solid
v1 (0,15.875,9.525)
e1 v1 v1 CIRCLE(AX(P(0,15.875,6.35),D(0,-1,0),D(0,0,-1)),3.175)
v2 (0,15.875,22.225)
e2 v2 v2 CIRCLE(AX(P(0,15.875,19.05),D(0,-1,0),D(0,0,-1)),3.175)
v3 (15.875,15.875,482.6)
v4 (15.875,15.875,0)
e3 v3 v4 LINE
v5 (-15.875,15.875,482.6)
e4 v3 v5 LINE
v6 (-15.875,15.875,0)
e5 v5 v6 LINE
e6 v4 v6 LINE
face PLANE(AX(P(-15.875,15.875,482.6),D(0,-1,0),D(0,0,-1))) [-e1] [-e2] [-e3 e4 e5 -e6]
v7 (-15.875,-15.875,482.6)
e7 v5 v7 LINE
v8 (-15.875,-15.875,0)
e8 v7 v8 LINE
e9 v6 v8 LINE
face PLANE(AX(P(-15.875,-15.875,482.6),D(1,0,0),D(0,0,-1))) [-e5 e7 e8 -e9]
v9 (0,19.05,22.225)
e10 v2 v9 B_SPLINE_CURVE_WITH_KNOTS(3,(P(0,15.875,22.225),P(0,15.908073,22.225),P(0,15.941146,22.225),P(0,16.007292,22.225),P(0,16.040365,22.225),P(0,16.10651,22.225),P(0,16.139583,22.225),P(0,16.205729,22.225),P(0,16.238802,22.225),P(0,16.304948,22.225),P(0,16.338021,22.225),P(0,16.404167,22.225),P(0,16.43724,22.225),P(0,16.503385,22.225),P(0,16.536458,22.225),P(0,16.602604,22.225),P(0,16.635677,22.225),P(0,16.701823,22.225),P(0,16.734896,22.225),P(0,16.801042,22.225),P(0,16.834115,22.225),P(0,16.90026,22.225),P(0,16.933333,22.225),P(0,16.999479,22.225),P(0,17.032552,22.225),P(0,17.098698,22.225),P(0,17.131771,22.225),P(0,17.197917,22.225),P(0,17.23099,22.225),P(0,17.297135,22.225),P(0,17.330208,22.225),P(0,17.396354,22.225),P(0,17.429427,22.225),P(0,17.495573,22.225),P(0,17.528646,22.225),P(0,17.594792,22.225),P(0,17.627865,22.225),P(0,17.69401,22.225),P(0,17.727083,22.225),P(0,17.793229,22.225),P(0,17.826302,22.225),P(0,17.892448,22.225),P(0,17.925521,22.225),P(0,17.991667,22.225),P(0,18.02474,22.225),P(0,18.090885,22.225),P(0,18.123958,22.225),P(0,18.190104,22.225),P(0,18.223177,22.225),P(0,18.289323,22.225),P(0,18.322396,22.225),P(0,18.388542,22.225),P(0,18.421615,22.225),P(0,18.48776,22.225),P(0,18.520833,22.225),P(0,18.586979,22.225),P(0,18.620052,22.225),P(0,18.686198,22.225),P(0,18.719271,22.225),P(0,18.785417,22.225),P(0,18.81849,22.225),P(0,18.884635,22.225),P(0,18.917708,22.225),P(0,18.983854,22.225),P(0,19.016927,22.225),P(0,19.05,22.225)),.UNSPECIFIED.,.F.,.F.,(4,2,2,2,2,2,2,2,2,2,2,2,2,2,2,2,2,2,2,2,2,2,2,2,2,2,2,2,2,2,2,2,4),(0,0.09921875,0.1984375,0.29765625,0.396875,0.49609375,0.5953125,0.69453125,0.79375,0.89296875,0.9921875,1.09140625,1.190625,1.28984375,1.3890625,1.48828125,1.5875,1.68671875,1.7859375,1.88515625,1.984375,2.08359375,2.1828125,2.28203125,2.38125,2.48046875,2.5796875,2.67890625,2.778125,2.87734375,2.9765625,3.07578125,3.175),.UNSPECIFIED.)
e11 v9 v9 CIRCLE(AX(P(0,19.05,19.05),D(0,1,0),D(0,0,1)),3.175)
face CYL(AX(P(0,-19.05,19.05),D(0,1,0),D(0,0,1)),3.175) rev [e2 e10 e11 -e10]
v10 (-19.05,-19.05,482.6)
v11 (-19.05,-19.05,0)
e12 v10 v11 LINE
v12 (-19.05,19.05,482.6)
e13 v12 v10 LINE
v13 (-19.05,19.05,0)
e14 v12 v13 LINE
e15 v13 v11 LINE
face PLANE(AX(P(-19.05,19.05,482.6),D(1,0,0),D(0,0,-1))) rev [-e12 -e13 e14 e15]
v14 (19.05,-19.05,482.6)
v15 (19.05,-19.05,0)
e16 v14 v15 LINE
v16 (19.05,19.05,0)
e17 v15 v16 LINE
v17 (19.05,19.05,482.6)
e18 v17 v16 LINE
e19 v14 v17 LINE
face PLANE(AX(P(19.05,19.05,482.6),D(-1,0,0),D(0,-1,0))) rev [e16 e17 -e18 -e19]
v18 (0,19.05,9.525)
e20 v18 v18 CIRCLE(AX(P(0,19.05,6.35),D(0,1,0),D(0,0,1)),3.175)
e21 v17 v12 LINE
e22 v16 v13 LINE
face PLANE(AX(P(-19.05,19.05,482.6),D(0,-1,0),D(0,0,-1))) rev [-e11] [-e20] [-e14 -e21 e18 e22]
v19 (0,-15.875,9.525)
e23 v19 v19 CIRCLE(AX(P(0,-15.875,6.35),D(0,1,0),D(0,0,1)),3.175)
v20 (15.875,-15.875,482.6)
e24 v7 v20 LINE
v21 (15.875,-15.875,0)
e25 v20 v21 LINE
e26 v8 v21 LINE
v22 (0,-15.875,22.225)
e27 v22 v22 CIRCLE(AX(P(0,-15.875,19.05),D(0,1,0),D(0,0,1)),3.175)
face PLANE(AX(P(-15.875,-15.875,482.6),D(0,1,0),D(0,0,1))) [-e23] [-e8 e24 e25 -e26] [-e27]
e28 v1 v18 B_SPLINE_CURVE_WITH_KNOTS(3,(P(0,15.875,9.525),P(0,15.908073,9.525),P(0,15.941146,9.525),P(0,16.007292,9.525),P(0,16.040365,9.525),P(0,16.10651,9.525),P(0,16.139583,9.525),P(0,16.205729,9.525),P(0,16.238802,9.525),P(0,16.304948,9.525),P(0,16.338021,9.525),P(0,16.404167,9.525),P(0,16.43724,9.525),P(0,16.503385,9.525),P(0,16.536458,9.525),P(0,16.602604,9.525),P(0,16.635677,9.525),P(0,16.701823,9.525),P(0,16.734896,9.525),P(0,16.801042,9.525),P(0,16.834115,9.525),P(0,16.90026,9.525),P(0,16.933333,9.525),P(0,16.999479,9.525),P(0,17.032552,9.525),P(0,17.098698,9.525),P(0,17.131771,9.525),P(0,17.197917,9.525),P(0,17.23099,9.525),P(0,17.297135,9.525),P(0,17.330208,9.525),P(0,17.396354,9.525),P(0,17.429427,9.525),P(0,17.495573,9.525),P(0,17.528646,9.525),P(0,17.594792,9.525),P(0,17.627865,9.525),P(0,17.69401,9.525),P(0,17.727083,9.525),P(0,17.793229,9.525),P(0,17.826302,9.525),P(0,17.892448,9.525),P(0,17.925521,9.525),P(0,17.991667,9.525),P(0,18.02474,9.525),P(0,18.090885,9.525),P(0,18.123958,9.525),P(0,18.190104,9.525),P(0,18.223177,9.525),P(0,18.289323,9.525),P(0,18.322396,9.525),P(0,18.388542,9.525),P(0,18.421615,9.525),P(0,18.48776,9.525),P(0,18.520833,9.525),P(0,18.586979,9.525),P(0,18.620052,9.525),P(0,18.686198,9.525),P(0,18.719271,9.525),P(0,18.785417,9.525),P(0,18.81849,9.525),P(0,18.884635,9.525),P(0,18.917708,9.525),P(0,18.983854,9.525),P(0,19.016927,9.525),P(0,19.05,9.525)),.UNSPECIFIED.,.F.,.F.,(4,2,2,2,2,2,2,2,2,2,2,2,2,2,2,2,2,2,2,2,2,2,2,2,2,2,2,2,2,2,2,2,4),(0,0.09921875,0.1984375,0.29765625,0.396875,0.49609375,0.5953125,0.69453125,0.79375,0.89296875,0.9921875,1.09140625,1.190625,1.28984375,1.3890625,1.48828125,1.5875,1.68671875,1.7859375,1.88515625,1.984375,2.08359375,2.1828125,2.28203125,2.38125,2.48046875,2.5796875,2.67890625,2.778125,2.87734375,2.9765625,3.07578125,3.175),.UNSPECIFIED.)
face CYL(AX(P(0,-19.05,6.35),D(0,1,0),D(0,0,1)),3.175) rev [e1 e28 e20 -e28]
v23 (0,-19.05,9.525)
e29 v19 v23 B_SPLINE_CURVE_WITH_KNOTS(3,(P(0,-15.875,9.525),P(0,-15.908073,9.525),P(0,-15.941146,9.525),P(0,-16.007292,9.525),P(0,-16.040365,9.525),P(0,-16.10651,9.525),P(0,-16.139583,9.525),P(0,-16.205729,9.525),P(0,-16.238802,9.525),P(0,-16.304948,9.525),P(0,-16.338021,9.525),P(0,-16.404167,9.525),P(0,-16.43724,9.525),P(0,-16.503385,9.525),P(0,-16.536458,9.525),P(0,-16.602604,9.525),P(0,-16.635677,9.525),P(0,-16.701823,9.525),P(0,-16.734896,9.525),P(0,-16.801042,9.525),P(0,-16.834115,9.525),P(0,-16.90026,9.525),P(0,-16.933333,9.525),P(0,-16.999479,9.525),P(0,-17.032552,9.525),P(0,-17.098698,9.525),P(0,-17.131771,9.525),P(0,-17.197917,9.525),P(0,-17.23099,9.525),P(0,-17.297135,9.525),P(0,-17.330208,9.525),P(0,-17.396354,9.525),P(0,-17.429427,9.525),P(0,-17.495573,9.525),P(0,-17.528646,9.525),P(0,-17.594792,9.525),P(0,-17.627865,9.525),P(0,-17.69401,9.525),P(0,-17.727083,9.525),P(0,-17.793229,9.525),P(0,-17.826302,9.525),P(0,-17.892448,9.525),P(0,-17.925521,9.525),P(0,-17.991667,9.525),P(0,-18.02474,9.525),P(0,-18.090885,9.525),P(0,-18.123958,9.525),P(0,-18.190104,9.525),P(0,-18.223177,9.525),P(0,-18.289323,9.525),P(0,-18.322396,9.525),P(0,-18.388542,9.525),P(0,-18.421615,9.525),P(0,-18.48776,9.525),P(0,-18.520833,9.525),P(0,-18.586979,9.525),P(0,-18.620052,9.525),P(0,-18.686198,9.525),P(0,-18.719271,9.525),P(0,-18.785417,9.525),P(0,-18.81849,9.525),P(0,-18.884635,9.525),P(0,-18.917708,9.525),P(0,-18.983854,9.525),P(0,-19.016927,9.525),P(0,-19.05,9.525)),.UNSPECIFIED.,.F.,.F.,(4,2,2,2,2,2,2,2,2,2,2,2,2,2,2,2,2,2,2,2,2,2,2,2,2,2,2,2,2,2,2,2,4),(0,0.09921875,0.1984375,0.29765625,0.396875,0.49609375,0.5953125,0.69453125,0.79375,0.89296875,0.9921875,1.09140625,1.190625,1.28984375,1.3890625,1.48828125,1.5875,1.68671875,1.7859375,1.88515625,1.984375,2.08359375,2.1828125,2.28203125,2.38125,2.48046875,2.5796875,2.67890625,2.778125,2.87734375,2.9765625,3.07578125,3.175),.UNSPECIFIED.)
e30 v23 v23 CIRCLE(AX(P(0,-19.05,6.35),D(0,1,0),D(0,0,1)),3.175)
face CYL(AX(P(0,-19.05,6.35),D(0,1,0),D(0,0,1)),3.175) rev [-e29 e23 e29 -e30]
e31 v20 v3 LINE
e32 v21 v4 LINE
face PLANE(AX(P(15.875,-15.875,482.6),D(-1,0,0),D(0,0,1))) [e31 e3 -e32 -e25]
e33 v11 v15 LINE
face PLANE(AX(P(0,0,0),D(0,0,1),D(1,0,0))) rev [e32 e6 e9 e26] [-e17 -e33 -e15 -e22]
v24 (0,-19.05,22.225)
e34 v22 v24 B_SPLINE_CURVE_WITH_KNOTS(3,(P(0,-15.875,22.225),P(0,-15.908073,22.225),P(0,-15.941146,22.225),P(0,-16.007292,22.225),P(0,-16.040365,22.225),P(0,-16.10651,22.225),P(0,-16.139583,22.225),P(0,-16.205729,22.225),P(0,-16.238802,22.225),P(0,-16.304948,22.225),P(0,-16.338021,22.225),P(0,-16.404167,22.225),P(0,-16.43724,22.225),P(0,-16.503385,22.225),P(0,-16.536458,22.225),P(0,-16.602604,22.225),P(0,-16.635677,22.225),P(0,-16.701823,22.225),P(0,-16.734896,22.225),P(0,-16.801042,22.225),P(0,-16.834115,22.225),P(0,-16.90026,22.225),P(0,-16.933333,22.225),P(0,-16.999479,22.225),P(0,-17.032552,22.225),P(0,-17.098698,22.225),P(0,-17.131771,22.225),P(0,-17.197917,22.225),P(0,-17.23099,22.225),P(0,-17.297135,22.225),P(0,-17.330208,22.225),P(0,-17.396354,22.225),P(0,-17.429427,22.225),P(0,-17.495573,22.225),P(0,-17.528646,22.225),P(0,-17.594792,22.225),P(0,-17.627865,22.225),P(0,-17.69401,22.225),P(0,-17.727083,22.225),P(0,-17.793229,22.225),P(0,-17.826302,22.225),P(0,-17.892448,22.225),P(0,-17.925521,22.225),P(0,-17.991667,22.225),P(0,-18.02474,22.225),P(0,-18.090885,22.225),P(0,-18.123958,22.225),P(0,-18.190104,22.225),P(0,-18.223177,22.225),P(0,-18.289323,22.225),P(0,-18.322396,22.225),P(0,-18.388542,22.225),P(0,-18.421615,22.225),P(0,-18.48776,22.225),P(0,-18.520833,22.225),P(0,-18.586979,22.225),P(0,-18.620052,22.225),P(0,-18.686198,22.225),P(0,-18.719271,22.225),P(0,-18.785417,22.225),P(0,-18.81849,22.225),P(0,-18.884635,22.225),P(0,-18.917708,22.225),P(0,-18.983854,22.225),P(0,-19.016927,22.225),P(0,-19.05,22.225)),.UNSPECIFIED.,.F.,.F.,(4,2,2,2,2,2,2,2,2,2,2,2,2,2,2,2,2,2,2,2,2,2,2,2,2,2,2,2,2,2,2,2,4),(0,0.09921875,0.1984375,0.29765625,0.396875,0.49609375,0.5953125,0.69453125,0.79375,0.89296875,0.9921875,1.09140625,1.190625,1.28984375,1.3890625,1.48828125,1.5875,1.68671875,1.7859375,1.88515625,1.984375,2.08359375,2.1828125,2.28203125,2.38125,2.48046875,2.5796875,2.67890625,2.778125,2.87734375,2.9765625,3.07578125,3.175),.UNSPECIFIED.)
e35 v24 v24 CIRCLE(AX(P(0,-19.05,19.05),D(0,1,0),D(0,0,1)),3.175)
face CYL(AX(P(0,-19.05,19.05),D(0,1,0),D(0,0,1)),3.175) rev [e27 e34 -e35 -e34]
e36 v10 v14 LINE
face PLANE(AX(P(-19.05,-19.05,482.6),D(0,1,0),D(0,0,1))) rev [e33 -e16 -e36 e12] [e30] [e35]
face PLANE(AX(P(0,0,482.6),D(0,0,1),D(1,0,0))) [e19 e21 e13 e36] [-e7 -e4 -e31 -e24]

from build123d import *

# Parameters (mm, degrees)
SKETCH1_W           = 38.1
SKETCH1_H           = 38.1
SKETCH1_W_2         = 31.75
SKETCH1_H_2         = 31.75
BOSS_EXTRUDE1_DEPTH = 482.6
SKETCH2_R           = 3.175
CUT_EXTRUDE1_DEPTH  = 485.476286829


with BuildPart() as part:
    # Sketch1 → Boss-Extrude1 (new body)
    with BuildSketch(Plane.XY):
        Rectangle(SKETCH1_W, SKETCH1_H)
        Rectangle(SKETCH1_W_2, SKETCH1_H_2, mode=Mode.SUBTRACT)
    extrude(amount=BOSS_EXTRUDE1_DEPTH)

    # Sketch2 → Cut-Extrude1 (cut, through all)
    with BuildSketch(Plane(origin=(0, 19.05, 0), x_dir=(1, 0, 0), z_dir=(0, 1, 0))):
        with Locations(Location((0, -19.05, 0), (0, 0, 270))):
            Circle(SKETCH2_R)
        with Locations(Location((0, -6.35, 0), (0, 0, 270))):
            Circle(SKETCH2_R)
    extrude(amount=-CUT_EXTRUDE1_DEPTH, mode=Mode.SUBTRACT)


solid = part.part
